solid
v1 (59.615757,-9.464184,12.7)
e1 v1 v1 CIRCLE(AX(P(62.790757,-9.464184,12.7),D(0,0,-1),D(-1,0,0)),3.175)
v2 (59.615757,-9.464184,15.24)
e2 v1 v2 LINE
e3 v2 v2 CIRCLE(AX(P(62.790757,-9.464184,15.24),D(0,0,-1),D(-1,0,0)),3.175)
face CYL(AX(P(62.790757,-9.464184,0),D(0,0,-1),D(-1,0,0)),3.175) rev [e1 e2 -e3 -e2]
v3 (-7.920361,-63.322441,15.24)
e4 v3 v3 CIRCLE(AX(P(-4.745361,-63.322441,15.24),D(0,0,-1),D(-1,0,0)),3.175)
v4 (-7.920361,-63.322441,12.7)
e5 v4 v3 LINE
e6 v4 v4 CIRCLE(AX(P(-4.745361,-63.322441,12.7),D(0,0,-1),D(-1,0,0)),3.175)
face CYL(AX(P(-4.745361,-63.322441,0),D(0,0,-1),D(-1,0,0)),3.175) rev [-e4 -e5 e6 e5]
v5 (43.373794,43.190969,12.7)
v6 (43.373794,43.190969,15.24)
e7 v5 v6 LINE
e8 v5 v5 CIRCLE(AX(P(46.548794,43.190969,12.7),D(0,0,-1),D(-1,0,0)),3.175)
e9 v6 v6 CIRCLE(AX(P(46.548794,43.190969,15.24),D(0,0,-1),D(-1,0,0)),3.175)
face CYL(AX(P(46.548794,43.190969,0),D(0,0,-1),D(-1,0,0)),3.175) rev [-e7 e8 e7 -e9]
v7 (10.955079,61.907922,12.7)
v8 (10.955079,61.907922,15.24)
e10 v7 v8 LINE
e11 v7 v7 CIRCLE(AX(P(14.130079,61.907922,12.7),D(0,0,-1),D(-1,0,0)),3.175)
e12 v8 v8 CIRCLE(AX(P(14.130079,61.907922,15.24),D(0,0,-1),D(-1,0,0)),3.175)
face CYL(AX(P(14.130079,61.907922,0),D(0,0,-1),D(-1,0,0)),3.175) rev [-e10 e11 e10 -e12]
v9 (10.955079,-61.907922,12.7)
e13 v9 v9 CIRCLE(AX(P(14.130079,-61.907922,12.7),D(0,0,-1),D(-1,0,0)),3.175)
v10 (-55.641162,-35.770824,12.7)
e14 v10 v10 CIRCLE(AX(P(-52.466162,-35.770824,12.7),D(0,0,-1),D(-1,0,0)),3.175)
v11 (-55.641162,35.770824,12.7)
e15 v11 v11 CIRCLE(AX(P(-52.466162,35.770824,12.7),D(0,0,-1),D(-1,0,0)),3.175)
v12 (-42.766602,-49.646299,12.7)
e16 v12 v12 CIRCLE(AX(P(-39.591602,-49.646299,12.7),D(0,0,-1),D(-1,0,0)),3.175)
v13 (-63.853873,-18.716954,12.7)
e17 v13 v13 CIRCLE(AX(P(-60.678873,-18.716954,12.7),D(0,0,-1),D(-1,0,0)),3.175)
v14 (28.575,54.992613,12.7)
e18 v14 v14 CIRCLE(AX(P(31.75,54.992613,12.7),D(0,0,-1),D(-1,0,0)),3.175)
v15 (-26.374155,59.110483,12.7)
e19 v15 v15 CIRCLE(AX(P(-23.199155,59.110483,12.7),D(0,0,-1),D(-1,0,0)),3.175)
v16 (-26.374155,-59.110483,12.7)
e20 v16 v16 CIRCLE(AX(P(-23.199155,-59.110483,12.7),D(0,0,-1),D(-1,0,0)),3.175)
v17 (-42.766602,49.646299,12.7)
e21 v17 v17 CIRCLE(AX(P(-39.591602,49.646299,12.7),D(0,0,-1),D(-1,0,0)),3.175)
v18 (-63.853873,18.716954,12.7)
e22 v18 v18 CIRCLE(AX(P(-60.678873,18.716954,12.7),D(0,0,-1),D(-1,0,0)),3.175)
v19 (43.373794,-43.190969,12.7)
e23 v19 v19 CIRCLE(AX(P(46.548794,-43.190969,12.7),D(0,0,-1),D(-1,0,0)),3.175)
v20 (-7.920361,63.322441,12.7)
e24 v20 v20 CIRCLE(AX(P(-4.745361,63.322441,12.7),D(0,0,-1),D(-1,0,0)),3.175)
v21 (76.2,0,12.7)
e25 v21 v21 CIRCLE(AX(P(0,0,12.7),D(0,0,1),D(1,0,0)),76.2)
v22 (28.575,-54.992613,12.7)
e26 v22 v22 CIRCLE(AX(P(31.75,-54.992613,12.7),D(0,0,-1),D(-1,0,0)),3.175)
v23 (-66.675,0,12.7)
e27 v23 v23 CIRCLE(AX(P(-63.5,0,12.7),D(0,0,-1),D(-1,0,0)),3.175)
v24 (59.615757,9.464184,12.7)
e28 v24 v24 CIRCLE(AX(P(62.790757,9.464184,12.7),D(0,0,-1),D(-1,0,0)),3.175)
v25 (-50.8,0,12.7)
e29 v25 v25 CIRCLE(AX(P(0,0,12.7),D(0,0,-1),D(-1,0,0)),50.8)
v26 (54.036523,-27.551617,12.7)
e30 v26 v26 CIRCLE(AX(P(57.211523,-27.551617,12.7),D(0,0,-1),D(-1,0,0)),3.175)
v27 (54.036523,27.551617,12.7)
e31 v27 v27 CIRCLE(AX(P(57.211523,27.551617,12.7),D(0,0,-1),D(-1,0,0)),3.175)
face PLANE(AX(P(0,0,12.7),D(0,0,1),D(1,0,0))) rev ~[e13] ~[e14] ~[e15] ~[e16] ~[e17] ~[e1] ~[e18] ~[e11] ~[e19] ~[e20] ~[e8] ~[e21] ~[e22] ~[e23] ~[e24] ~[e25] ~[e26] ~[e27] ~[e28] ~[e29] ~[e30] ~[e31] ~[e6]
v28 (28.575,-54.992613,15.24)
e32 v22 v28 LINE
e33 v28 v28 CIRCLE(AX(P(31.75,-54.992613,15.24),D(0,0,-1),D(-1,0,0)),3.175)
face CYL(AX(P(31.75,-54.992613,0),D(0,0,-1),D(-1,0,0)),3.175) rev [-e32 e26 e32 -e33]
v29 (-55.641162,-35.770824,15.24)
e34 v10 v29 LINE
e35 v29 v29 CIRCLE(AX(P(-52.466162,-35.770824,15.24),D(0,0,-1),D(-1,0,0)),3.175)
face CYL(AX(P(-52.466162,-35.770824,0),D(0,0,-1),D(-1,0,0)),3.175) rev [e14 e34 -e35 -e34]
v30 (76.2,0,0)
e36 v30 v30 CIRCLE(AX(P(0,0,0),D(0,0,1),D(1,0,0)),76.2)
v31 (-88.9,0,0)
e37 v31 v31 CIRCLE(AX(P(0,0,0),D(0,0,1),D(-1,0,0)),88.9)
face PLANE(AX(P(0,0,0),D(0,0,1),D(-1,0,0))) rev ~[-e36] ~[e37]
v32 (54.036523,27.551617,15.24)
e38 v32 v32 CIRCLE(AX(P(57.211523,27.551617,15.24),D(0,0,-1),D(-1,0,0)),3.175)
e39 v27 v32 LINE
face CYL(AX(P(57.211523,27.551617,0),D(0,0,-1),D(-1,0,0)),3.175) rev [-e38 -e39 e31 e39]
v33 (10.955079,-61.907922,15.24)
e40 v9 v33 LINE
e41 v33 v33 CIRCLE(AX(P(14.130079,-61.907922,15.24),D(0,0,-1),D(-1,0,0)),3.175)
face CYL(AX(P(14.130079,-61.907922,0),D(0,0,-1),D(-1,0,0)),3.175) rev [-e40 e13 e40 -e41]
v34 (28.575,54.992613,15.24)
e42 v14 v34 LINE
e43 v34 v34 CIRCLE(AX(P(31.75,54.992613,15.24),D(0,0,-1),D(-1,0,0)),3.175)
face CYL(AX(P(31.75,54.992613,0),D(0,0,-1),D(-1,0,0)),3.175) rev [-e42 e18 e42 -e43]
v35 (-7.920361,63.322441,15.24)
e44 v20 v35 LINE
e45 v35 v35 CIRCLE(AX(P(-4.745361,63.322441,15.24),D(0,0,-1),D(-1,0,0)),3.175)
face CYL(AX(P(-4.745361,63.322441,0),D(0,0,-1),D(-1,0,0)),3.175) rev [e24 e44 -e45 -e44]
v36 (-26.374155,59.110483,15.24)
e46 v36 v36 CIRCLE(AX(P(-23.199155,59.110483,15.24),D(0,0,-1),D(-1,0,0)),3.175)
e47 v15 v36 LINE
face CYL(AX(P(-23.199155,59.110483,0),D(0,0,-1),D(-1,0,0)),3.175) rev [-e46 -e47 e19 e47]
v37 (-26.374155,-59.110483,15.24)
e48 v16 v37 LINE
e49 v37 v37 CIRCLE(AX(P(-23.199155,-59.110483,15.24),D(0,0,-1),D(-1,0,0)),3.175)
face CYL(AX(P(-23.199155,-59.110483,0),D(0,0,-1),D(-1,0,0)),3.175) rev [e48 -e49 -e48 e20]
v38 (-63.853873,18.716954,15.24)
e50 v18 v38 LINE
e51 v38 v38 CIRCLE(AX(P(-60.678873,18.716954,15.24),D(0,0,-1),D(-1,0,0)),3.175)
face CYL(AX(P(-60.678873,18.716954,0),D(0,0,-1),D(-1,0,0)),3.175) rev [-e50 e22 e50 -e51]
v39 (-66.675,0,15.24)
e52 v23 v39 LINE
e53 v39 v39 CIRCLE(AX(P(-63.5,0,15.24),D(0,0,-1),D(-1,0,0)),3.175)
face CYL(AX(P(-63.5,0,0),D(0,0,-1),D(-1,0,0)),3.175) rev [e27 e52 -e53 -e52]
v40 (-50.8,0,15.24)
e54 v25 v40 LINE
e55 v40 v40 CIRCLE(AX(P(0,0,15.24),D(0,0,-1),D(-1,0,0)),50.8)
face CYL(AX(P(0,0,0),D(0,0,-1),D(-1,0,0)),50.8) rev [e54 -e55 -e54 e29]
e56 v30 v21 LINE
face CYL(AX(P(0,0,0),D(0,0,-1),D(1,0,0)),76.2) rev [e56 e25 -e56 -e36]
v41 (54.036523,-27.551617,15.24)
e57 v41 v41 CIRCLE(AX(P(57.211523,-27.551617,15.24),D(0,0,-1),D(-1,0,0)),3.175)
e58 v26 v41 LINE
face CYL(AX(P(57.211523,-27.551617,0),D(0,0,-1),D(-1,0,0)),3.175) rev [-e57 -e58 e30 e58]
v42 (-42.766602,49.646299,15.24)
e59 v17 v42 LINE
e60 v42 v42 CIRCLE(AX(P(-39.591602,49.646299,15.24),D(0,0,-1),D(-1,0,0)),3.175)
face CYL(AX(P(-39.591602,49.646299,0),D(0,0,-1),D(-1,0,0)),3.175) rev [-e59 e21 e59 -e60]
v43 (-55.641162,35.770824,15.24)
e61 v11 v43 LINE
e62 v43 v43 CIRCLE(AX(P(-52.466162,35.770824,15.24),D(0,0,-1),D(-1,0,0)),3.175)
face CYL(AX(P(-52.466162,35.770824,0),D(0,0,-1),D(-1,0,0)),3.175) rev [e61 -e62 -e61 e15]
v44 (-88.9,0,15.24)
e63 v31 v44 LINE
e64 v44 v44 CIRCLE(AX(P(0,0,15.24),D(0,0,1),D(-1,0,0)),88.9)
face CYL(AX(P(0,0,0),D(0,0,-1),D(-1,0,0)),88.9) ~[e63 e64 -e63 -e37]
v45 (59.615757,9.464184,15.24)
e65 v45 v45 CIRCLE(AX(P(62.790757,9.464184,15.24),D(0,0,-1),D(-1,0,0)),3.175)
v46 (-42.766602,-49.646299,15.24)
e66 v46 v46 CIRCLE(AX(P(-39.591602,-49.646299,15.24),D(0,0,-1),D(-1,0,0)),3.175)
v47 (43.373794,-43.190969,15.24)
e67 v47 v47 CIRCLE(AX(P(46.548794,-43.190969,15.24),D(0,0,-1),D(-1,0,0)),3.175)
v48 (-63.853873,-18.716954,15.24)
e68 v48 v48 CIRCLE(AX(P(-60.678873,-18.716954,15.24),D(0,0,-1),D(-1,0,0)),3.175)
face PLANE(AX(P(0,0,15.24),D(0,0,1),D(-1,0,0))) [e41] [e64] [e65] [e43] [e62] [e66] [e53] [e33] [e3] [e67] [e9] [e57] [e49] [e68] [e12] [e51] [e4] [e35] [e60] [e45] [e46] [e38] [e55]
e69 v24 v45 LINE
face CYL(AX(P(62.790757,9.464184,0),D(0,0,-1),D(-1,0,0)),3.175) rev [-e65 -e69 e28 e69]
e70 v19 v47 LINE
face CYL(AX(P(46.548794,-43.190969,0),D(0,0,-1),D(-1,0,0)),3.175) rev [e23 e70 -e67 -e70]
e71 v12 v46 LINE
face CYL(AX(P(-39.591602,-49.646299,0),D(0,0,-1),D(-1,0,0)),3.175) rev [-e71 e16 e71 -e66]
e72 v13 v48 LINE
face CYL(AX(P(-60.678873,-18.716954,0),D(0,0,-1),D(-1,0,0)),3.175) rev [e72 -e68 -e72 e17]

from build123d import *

# Parameters (mm, degrees)
SKETCH3_R           = 88.9
BOSS_EXTRUDE2_DEPTH = 15.24
SKETCH1_R           = 76.2
SKETCH1_R_2         = 50.8
CUT_EXTRUDE1_DEPTH  = 12.7
SKETCH4_R           = 3.175
SKETCH4_R_2         = 50.8
CUT_EXTRUDE3_DEPTH  = 127.643900761


with BuildPart() as part:
    # Sketch3 → Boss-Extrude2 (new body)
    with BuildSketch(Plane.XY):
        with Locations(Location((0, 0, 0), (0, 0, 180))):
            Circle(SKETCH3_R)
    extrude(amount=BOSS_EXTRUDE2_DEPTH)

    # Sketch1 → Cut-Extrude1 (cut)
    with BuildSketch(Plane.XY):
        Circle(SKETCH1_R)
        Circle(SKETCH1_R_2, mode=Mode.SUBTRACT)
    extrude(amount=CUT_EXTRUDE1_DEPTH, mode=Mode.SUBTRACT)

    # Sketch4 → Cut-Extrude3 (cut, through all)
    with BuildSketch(Plane.XY):
        with Locations(Location((-63.5, 0, 0), (0, 0, 180))):
            Circle(SKETCH4_R)
        with Locations(Location((0, 0, 0), (0, 0, 180))):
            Circle(SKETCH4_R_2)
        with Locations(Location((-60.678873167, 18.716953575, 0), (0, 0, 180))):
            Circle(SKETCH4_R)
        with Locations(Location((-52.466162169, 35.770823687, 0), (0, 0, 180))):
            Circle(SKETCH4_R)
        with Locations(Location((-39.591602418, 49.646299137, 0), (0, 0, 180))):
            Circle(SKETCH4_R)
        with Locations(Location((-23.199155047, 59.110483039, 0), (0, 0, 180))):
            Circle(SKETCH4_R)
        with Locations(Location((-4.745360943, 63.322441121, 0), (0, 0, 180))):
            Circle(SKETCH4_R)
        with Locations(Location((14.130079306, 61.907922424, 0), (0, 0, 180))):
            Circle(SKETCH4_R)
        with Locations(Location((31.75, 54.99261314, 0), (0, 0, 180))):
            Circle(SKETCH4_R)
        with Locations(Location((46.548793861, 43.190968848, 0), (0, 0, 180))):
            Circle(SKETCH4_R)
        with Locations(Location((57.211523112, 27.551617434, 0), (0, 0, 180))):
            Circle(SKETCH4_R)
        with Locations(Location((62.790757465, 9.464183902, 0), (0, 0, 180))):
            Circle(SKETCH4_R)
        with Locations(Location((62.790757465, -9.464183902, 0), (0, 0, 180))):
            Circle(SKETCH4_R)
        with Locations(Location((57.211523112, -27.551617434, 0), (0, 0, 180))):
            Circle(SKETCH4_R)
        with Locations(Location((46.548793861, -43.190968848, 0), (0, 0, 180))):
            Circle(SKETCH4_R)
        with Locations(Location((31.75, -54.99261314, 0), (0, 0, 180))):
            Circle(SKETCH4_R)
        with Locations(Location((14.130079306, -61.907922424, 0), (0, 0, 180))):
            Circle(SKETCH4_R)
        with Locations(Location((-4.745360943, -63.322441121, 0), (0, 0, 180))):
            Circle(SKETCH4_R)
        with Locations(Location((-23.199155047, -59.110483039, 0), (0, 0, 180))):
            Circle(SKETCH4_R)
        with Locations(Location((-39.591602418, -49.646299137, 0), (0, 0, 180))):
            Circle(SKETCH4_R)
        with Locations(Location((-52.466162169, -35.770823687, 0), (0, 0, 180))):
            Circle(SKETCH4_R)
        with Locations(Location((-60.678873167, -18.716953575, 0), (0, 0, 180))):
            Circle(SKETCH4_R)
    extrude(amount=CUT_EXTRUDE3_DEPTH, mode=Mode.SUBTRACT)


solid = part.part
